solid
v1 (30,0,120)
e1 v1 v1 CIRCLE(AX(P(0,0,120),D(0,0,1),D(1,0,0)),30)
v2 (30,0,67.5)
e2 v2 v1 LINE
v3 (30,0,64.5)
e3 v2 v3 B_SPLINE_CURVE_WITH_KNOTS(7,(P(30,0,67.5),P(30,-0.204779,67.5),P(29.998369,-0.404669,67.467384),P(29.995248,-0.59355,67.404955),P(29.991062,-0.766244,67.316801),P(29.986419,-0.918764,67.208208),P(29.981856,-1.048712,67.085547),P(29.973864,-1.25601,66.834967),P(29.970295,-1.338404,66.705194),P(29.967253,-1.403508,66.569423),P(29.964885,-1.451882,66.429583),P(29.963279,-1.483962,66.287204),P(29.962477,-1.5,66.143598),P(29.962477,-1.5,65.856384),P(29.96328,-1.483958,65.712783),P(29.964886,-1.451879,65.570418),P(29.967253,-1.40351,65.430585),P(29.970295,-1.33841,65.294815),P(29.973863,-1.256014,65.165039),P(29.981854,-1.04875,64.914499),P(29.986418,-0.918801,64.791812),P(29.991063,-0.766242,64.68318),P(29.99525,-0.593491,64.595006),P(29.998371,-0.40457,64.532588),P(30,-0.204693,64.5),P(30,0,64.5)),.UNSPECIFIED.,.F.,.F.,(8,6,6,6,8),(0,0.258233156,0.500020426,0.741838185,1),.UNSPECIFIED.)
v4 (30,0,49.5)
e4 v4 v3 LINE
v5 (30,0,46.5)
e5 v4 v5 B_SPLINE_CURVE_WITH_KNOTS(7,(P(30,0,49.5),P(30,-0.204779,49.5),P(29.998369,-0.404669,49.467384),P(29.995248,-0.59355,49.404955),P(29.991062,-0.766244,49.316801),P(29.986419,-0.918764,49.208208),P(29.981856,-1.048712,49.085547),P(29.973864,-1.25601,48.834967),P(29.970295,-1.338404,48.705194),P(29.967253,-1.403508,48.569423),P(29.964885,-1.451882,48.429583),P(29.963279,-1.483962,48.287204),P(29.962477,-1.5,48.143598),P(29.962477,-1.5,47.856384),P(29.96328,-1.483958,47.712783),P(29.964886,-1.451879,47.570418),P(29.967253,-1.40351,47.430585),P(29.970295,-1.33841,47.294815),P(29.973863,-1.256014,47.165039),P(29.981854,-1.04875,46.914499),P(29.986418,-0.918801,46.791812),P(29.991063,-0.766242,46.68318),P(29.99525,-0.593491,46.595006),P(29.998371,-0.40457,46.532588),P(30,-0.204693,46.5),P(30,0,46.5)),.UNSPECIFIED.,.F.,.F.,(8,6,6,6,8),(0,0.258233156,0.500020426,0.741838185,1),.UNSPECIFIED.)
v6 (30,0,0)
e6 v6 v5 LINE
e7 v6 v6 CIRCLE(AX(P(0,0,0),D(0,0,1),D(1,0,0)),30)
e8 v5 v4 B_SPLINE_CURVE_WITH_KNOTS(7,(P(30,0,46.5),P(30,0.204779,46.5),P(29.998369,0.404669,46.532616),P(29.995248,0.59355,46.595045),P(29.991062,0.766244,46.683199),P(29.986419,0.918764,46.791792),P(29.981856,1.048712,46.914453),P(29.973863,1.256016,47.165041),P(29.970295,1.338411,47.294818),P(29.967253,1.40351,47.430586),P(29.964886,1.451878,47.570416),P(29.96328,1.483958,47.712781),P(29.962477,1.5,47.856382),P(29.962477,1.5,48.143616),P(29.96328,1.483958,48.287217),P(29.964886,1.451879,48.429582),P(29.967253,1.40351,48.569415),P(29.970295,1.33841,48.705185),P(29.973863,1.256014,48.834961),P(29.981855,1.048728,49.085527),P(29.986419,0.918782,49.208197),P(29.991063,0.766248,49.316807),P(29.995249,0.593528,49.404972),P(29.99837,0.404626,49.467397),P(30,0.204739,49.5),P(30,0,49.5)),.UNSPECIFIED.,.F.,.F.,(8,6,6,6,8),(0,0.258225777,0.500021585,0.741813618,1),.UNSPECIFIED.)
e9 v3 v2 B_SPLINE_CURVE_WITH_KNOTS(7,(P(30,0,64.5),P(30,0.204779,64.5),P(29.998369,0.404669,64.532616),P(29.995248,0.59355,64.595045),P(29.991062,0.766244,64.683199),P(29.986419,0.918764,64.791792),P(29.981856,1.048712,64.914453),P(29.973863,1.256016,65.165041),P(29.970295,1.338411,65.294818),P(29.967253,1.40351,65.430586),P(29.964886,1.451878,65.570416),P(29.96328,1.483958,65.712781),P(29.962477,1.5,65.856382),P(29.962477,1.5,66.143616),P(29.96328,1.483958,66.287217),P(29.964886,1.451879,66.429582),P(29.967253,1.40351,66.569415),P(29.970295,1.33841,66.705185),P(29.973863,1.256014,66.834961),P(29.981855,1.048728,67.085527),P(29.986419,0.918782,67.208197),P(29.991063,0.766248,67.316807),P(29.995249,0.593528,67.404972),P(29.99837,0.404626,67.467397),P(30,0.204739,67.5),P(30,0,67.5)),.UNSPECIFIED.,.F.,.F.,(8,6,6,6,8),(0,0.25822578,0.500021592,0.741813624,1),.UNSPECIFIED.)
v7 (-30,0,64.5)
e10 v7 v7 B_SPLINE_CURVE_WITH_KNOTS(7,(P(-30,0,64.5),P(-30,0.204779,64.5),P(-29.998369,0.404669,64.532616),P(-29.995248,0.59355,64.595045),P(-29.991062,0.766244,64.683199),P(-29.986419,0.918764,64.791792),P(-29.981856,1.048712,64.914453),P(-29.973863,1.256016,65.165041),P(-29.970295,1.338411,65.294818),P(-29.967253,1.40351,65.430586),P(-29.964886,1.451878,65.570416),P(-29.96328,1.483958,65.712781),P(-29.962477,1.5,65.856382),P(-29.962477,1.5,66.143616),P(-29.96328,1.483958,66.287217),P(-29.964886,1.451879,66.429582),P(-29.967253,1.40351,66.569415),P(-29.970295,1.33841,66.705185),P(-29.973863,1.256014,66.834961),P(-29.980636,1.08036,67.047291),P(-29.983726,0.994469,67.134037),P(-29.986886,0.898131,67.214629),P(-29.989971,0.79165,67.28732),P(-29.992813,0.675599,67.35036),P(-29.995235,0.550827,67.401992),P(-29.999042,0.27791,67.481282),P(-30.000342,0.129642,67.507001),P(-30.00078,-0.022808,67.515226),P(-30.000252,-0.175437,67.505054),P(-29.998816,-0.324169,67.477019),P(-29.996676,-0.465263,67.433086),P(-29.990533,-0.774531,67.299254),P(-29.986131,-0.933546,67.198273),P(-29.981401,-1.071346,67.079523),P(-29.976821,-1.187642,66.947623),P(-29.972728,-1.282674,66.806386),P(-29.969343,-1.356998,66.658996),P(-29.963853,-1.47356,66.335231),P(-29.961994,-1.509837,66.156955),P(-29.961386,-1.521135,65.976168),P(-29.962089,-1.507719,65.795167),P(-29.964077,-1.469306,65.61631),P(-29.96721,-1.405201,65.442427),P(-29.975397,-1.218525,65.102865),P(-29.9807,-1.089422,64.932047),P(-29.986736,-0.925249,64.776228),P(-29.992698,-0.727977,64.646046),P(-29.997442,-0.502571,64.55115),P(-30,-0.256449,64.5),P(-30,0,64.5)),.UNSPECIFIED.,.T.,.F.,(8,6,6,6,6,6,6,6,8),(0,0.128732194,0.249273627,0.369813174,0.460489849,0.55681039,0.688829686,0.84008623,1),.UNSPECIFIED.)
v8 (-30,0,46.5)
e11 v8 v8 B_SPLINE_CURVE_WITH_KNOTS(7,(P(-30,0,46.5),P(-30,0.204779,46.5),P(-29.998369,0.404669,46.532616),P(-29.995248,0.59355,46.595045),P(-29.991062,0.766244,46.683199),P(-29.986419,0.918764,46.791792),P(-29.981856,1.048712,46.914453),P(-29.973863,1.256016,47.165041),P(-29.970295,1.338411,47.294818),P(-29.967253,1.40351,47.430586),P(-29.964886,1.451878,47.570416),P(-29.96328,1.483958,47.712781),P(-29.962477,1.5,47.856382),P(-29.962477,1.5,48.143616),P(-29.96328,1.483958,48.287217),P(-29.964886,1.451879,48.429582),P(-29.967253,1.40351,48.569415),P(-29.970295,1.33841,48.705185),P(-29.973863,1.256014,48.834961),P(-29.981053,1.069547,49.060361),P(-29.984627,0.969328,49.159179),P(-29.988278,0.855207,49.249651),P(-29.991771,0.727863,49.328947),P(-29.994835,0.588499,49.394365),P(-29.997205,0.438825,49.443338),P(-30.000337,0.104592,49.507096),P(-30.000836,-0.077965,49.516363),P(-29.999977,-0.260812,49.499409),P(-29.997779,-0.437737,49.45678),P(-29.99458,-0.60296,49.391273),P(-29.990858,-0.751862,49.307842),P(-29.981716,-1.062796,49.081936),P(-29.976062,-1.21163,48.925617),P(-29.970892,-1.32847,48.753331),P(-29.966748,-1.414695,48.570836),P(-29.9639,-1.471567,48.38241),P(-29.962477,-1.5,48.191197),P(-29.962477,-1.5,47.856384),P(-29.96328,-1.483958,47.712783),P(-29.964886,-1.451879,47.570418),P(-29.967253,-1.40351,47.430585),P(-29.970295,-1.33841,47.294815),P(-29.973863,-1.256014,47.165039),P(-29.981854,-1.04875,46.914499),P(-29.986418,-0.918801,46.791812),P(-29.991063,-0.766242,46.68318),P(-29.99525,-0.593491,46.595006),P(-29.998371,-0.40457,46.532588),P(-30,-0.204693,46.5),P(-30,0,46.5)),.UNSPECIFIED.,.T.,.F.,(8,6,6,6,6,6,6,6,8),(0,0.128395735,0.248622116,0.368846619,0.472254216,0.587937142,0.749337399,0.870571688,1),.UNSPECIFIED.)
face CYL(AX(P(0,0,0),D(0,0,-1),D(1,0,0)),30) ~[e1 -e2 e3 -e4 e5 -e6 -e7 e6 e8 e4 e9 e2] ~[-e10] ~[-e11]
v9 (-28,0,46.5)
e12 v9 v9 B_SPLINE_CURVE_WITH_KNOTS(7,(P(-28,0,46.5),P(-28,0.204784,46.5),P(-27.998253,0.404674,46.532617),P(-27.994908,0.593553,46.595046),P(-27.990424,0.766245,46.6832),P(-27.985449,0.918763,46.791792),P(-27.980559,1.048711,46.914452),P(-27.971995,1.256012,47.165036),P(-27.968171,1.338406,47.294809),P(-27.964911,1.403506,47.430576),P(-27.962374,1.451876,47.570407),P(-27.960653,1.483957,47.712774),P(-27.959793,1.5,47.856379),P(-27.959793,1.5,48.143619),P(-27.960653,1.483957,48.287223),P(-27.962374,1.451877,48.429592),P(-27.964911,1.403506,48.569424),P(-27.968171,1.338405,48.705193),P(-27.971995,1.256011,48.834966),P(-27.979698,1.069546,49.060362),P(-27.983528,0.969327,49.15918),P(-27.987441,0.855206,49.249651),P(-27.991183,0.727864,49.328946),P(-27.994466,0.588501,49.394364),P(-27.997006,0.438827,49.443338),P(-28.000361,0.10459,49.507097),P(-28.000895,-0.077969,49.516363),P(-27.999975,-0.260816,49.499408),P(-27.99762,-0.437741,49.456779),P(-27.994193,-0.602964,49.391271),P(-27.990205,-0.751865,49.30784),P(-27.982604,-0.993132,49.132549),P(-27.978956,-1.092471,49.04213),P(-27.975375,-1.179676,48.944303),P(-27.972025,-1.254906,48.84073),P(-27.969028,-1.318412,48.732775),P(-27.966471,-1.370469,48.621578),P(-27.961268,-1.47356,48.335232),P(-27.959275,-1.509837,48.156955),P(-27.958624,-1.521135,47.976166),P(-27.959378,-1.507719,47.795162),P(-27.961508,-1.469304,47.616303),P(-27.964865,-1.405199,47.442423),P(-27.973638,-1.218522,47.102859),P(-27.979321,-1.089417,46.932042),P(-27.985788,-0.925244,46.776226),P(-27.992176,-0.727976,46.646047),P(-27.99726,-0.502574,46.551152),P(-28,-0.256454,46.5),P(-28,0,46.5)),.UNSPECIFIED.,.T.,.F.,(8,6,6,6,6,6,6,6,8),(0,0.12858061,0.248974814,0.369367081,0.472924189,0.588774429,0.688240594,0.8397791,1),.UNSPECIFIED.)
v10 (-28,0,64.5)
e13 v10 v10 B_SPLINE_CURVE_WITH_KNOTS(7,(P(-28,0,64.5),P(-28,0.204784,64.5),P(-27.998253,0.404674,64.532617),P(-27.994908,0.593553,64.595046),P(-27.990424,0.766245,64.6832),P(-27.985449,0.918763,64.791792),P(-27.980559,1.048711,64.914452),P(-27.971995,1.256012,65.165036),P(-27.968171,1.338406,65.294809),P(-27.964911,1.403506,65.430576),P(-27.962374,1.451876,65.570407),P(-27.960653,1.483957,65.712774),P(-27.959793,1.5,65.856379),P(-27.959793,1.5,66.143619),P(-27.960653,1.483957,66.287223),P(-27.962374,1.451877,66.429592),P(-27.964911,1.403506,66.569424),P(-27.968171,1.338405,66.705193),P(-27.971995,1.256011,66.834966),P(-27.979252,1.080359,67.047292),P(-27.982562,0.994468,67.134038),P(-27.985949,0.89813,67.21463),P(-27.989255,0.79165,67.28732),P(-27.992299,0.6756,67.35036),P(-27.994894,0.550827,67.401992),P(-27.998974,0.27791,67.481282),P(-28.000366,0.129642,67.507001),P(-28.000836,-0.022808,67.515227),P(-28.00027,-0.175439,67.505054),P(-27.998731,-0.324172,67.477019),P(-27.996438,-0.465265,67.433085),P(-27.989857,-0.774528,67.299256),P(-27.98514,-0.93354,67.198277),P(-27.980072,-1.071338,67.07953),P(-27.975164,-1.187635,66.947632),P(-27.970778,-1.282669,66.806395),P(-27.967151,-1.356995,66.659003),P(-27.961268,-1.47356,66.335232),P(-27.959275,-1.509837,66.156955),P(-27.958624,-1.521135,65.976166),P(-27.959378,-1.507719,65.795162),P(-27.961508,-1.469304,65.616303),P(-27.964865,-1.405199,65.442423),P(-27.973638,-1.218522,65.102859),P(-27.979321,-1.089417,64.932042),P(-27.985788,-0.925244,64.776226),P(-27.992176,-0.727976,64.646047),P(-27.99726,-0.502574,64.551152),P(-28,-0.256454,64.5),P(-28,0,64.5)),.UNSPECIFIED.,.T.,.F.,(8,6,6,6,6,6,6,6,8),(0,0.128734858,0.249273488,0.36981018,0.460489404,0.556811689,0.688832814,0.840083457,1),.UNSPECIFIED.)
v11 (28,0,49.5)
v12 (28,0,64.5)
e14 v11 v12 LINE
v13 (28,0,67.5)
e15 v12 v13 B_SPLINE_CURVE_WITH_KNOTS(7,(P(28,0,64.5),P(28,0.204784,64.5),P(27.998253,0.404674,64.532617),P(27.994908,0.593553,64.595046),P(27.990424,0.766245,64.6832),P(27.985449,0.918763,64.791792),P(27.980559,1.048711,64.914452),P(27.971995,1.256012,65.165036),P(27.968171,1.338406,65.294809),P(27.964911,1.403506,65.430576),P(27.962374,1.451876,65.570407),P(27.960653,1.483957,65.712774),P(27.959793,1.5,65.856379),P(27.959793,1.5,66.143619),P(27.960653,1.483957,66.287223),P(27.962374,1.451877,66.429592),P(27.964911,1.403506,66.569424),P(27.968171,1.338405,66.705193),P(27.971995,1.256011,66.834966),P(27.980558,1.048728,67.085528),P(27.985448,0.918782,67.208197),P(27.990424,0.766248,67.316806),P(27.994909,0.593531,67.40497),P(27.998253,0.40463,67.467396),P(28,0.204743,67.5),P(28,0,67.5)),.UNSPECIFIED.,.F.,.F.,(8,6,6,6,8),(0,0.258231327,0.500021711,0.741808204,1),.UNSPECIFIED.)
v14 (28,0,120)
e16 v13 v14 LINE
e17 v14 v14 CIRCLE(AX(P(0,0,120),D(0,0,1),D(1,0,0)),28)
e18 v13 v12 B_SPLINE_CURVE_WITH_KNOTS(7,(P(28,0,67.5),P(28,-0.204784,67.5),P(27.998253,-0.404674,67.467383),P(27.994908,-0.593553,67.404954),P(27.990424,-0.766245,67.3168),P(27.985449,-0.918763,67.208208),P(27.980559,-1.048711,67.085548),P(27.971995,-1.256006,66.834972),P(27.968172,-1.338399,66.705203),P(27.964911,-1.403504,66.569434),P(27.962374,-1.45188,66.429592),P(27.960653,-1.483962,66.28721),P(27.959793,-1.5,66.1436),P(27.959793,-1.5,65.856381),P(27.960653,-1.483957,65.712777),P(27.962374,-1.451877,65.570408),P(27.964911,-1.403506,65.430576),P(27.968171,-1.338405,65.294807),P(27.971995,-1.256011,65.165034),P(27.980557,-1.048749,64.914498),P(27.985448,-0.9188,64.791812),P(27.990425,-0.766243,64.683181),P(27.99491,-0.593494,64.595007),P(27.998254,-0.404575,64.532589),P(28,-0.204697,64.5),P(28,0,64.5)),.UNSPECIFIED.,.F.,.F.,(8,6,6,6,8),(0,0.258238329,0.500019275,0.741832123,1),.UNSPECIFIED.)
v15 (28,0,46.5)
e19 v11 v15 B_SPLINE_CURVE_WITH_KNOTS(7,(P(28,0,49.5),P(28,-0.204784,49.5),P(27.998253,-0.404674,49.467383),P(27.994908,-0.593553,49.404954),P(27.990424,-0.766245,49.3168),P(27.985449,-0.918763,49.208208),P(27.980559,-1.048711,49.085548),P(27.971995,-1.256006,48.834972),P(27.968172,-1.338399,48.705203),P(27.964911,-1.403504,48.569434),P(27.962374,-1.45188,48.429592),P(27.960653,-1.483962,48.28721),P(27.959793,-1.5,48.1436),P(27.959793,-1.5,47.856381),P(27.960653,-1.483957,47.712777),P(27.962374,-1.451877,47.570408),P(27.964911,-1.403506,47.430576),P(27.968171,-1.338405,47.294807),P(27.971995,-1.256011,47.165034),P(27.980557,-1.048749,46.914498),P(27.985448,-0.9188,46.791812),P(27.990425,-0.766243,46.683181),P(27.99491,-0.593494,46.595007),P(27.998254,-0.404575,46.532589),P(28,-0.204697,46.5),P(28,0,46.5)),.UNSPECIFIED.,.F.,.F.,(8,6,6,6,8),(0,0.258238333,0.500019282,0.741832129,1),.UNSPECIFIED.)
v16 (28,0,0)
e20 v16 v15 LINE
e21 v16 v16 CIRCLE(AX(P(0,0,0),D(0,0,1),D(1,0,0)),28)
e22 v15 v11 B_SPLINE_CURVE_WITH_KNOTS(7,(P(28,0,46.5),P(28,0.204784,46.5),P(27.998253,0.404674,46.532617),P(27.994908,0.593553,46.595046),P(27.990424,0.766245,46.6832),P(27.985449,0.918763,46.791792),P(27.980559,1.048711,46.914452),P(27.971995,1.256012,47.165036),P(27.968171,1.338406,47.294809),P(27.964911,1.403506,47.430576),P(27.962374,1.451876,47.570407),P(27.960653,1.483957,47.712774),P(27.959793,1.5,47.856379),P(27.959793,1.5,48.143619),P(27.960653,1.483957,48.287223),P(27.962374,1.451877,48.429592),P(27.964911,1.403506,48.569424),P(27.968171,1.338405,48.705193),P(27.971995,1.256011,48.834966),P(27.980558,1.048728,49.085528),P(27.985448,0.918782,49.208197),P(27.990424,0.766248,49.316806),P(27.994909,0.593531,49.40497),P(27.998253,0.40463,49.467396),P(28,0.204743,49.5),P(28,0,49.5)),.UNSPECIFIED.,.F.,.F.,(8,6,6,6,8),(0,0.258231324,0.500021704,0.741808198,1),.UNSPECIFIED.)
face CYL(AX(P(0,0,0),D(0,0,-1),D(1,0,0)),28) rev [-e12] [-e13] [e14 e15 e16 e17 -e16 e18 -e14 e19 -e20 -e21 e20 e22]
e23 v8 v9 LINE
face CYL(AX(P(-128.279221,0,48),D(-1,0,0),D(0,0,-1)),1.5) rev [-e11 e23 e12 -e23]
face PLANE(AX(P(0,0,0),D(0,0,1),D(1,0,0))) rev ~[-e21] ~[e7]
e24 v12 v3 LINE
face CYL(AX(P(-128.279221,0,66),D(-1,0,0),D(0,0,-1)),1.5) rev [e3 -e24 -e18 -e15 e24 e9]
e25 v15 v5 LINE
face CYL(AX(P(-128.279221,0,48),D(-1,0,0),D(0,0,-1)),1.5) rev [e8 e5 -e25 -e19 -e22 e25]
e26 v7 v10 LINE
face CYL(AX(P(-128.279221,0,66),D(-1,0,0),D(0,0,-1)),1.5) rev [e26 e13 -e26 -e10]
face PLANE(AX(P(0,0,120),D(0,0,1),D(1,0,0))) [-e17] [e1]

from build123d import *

# Parameters (mm, degrees)
SKETCH1_R               = 30
SKETCH1_R_2             = 28
BOSS_EXTRUDE1_DEPTH     = 120
CUT_EXTRUDE1_DEPTH      = 128.279220614
CUT_EXTRUDE1_DEPTH_BACK = 128.279220614
SKETCH2_R               = 1.5


with BuildPart() as part:
    # Sketch1 → Boss-Extrude1 (new body)
    with BuildSketch(Plane.XY):
        Circle(SKETCH1_R)
        Circle(SKETCH1_R_2, mode=Mode.SUBTRACT)
    extrude(amount=BOSS_EXTRUDE1_DEPTH)

    # Sketch2 → Cut-Extrude1 (cut, two sides: drawn at the far end of the back side and taken through both)
    with BuildSketch(Plane(origin=(0, 0, 0), x_dir=(0, 0, -1), z_dir=(1, 0, 0)).offset(-CUT_EXTRUDE1_DEPTH_BACK)):
        with Locations((-48, 0)):
            Circle(SKETCH2_R)
        with Locations((-66, 0)):
            Circle(SKETCH2_R)
    extrude(amount=CUT_EXTRUDE1_DEPTH + CUT_EXTRUDE1_DEPTH_BACK, mode=Mode.SUBTRACT)


solid = part.part
